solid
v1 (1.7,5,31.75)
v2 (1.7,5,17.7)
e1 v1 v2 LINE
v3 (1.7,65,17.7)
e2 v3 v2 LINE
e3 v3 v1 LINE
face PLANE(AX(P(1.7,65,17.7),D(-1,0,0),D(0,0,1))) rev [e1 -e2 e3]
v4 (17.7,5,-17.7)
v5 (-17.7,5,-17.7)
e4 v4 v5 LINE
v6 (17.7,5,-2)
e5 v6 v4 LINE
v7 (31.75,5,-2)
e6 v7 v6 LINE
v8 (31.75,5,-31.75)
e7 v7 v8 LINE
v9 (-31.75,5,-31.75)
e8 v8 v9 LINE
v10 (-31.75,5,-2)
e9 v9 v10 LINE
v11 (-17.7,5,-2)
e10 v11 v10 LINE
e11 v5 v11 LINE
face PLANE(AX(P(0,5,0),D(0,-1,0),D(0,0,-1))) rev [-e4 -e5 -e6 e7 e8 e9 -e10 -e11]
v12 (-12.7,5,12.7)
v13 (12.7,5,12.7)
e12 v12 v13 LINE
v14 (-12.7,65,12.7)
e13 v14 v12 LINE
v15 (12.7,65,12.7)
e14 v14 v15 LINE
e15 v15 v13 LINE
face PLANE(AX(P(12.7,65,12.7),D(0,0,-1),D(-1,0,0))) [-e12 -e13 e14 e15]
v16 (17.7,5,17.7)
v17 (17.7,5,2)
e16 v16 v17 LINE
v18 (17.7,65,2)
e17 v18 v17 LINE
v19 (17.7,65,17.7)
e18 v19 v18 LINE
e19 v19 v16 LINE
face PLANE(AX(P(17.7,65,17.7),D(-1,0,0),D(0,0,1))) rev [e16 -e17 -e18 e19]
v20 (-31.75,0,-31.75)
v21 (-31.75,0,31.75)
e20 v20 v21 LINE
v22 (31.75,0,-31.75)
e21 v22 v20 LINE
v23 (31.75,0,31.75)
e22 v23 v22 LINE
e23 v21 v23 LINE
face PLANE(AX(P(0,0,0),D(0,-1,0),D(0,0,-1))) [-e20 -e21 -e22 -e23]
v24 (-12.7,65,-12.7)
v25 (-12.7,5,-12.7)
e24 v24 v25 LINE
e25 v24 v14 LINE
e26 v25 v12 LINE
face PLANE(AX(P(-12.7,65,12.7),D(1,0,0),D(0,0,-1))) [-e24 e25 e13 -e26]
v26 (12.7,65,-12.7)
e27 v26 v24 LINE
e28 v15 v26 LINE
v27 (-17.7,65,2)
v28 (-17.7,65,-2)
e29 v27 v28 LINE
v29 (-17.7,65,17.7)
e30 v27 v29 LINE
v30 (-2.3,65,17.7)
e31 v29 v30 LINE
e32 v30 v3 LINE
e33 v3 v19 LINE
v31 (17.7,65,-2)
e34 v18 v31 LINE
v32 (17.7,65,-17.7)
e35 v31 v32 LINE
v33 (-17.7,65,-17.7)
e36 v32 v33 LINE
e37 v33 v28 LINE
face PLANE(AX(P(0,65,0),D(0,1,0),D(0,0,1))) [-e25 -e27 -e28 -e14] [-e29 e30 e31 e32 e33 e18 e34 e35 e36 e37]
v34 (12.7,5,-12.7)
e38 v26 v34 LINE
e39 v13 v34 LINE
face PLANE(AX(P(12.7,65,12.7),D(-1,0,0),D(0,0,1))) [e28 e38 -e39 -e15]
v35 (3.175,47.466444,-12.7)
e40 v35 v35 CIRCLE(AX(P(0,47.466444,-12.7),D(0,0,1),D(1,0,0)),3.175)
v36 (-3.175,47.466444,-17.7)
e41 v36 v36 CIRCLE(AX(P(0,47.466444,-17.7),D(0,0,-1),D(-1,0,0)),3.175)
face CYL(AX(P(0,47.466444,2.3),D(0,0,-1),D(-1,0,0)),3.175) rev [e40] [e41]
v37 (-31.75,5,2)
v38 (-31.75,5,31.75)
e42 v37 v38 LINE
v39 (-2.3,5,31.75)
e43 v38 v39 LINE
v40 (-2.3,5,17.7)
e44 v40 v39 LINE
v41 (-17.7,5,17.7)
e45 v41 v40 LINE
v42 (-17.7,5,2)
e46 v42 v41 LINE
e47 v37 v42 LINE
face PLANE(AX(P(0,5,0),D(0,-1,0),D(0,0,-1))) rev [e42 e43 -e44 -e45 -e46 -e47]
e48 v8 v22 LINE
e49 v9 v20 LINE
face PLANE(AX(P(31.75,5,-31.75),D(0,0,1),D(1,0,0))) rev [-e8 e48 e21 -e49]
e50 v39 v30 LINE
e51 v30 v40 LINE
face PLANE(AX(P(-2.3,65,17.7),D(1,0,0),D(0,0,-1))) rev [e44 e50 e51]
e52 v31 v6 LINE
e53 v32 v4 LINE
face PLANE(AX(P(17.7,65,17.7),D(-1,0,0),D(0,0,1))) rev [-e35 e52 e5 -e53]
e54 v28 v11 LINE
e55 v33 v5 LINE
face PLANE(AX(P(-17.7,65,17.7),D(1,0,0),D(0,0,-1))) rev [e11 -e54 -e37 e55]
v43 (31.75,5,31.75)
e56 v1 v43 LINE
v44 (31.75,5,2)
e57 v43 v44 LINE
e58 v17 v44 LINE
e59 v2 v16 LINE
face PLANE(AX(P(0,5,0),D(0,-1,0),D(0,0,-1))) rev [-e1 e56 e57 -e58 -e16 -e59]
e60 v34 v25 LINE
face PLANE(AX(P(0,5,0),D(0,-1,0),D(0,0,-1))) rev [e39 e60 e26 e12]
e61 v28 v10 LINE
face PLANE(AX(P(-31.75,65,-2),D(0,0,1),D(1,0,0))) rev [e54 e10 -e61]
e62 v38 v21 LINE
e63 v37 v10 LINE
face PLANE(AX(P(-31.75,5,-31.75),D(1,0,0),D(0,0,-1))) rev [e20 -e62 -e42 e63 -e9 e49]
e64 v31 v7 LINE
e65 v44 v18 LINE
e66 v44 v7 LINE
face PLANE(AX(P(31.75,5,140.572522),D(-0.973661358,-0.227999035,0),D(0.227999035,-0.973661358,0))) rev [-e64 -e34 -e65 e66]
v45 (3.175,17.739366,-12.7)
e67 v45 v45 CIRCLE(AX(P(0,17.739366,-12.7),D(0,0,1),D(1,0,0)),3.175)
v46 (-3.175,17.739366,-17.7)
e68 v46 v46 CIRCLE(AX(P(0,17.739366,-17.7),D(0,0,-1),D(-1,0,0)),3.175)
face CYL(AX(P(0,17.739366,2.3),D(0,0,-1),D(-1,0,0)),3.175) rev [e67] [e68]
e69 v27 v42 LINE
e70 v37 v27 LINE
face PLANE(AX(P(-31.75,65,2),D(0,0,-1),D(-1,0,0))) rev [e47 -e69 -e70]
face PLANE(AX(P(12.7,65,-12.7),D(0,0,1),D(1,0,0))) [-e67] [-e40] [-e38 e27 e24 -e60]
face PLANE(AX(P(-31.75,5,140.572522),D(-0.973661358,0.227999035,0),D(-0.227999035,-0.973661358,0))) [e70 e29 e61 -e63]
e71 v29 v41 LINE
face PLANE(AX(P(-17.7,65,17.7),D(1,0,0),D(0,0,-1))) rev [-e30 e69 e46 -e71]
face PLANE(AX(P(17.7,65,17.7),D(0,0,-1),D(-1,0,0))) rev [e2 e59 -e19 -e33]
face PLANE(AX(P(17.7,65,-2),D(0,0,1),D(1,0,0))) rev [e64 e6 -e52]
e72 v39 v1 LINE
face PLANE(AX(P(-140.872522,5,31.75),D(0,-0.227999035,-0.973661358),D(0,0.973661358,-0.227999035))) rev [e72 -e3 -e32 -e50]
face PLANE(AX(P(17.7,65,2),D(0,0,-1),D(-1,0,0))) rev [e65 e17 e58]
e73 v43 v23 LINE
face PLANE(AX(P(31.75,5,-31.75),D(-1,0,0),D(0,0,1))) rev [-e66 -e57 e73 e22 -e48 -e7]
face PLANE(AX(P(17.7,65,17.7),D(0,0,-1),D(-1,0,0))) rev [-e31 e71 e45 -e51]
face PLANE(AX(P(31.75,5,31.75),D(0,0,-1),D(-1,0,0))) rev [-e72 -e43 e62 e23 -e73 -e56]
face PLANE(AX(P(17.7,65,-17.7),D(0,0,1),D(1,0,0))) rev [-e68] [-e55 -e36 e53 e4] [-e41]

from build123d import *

# Parameters (mm, degrees)
SKETCH1_W               = 63.5
SKETCH1_H               = 63.5
BOSS_EXTRUDE1_DEPTH     = 5
SKETCH2_W               = 35.4
SKETCH2_H               = 35.4
SKETCH2_W_2             = 25.4
SKETCH2_H_2             = 25.4
BOSS_EXTRUDE2_DEPTH     = 60
SKETCH13_W              = 14.05
SKETCH13_H              = 4
BOSS_EXTRUDE3_DEPTH     = 60
CUT_EXTRUDE1_DEPTH      = 80.825591135
CUT_EXTRUDE1_DEPTH_BACK = 80.825591135
SKETCH15_W              = 14.05
SKETCH15_H              = 4
BOSS_EXTRUDE4_DEPTH     = 60
CUT_EXTRUDE3_DEPTH      = 80.825591135
CUT_EXTRUDE3_DEPTH_BACK = 80.825591135
SKETCH17_W              = 4
SKETCH17_H              = 14.05
BOSS_EXTRUDE5_DEPTH     = 60
CUT_EXTRUDE4_DEPTH      = 80.95289238
CUT_EXTRUDE4_DEPTH_BACK = 80.95289238
SKETCH21_R              = 3.175
CUT_EXTRUDE7_DEPTH      = 20


with BuildPart() as part:
    # Sketch1 → Boss-Extrude1 (new body)
    with BuildSketch(Plane(origin=(0, 0, 0), x_dir=(1, 0, 0), z_dir=(0, 1, 0))):
        Rectangle(SKETCH1_W, SKETCH1_H)
    extrude(amount=BOSS_EXTRUDE1_DEPTH)

    # Sketch2 → Boss-Extrude2 (add)
    with BuildSketch(Plane(origin=(0, 5, 0), x_dir=(1, 0, 0), z_dir=(0, 1, 0))):
        Rectangle(SKETCH2_W, SKETCH2_H)
        Rectangle(SKETCH2_W_2, SKETCH2_H_2, mode=Mode.SUBTRACT)
    extrude(amount=BOSS_EXTRUDE2_DEPTH)

    # Sketch13 → Boss-Extrude3 (add)
    with BuildSketch(Plane(origin=(0, 5, 0), x_dir=(1, 0, 0), z_dir=(0, 1, 0))):
        with Locations((-24.725, 0)):
            Rectangle(SKETCH13_W, SKETCH13_H)
    extrude(amount=BOSS_EXTRUDE3_DEPTH)

    # Sketch14 → Cut-Extrude1 (cut, two sides: drawn at the far end of the back side and taken through both)
    with BuildSketch(Plane.XY.offset(2).offset(-CUT_EXTRUDE1_DEPTH_BACK)):
        Polygon((-73.867235452, -174.860080223), (-31.75, 5), (-17.7, 65), (24.417235452, 244.860080223), (-335.302924994, 329.094551127), (-433.587395898, -90.625609319), align=None)
    extrude(amount=CUT_EXTRUDE1_DEPTH + CUT_EXTRUDE1_DEPTH_BACK, mode=Mode.SUBTRACT)

    # Sketch15 → Boss-Extrude4 (add)
    with BuildSketch(Plane(origin=(0, 5, 0), x_dir=(1, 0, 0), z_dir=(0, 1, 0))):
        with Locations((24.725, 0)):
            Rectangle(SKETCH15_W, SKETCH15_H)
    extrude(amount=BOSS_EXTRUDE4_DEPTH)

    # Sketch16 → Cut-Extrude3 (cut, two sides: drawn at the far end of the back side and taken through both)
    with BuildSketch(Plane.XY.offset(2).offset(-CUT_EXTRUDE3_DEPTH_BACK)):
        Polygon((73.867235452, -174.860080223), (31.75, 5), (17.7, 65), (-24.417235452, 244.860080223), (335.302924994, 329.094551127), (433.587395898, -90.625609319), align=None)
    extrude(amount=CUT_EXTRUDE3_DEPTH + CUT_EXTRUDE3_DEPTH_BACK, mode=Mode.SUBTRACT)

    # Sketch17 → Boss-Extrude5 (add)
    with BuildSketch(Plane(origin=(0, 5, 0), x_dir=(1, 0, 0), z_dir=(0, 1, 0))):
        with Locations((-0.3, -24.725)):
            Rectangle(SKETCH17_W, SKETCH17_H)
    extrude(amount=BOSS_EXTRUDE5_DEPTH)

    # Sketch18 → Cut-Extrude4 (cut, two sides: drawn at the far end of the back side and taken through both)
    with BuildSketch(Plane.ZY.offset(2.3).offset(-CUT_EXTRUDE4_DEPTH_BACK)):
        Polygon((73.867235452, -174.860080223), (31.75, 5), (17.7, 65), (-24.417235452, 244.860080223), (335.302924994, 329.094551127), (433.587395898, -90.625609319), align=None)
    extrude(amount=CUT_EXTRUDE4_DEPTH + CUT_EXTRUDE4_DEPTH_BACK, mode=Mode.SUBTRACT)

    # Sketch21 → Cut-Extrude7 (cut)
    with BuildSketch(Plane(origin=(0, 0, -17.7), x_dir=(-1, 0, 0), z_dir=(0, 0, -1))):
        with Locations((0, 17.739365868)):
            Circle(SKETCH21_R)
        with Locations((0, 47.466444019)):
            Circle(SKETCH21_R)
    extrude(amount=-CUT_EXTRUDE7_DEPTH, mode=Mode.SUBTRACT)


solid = part.part
